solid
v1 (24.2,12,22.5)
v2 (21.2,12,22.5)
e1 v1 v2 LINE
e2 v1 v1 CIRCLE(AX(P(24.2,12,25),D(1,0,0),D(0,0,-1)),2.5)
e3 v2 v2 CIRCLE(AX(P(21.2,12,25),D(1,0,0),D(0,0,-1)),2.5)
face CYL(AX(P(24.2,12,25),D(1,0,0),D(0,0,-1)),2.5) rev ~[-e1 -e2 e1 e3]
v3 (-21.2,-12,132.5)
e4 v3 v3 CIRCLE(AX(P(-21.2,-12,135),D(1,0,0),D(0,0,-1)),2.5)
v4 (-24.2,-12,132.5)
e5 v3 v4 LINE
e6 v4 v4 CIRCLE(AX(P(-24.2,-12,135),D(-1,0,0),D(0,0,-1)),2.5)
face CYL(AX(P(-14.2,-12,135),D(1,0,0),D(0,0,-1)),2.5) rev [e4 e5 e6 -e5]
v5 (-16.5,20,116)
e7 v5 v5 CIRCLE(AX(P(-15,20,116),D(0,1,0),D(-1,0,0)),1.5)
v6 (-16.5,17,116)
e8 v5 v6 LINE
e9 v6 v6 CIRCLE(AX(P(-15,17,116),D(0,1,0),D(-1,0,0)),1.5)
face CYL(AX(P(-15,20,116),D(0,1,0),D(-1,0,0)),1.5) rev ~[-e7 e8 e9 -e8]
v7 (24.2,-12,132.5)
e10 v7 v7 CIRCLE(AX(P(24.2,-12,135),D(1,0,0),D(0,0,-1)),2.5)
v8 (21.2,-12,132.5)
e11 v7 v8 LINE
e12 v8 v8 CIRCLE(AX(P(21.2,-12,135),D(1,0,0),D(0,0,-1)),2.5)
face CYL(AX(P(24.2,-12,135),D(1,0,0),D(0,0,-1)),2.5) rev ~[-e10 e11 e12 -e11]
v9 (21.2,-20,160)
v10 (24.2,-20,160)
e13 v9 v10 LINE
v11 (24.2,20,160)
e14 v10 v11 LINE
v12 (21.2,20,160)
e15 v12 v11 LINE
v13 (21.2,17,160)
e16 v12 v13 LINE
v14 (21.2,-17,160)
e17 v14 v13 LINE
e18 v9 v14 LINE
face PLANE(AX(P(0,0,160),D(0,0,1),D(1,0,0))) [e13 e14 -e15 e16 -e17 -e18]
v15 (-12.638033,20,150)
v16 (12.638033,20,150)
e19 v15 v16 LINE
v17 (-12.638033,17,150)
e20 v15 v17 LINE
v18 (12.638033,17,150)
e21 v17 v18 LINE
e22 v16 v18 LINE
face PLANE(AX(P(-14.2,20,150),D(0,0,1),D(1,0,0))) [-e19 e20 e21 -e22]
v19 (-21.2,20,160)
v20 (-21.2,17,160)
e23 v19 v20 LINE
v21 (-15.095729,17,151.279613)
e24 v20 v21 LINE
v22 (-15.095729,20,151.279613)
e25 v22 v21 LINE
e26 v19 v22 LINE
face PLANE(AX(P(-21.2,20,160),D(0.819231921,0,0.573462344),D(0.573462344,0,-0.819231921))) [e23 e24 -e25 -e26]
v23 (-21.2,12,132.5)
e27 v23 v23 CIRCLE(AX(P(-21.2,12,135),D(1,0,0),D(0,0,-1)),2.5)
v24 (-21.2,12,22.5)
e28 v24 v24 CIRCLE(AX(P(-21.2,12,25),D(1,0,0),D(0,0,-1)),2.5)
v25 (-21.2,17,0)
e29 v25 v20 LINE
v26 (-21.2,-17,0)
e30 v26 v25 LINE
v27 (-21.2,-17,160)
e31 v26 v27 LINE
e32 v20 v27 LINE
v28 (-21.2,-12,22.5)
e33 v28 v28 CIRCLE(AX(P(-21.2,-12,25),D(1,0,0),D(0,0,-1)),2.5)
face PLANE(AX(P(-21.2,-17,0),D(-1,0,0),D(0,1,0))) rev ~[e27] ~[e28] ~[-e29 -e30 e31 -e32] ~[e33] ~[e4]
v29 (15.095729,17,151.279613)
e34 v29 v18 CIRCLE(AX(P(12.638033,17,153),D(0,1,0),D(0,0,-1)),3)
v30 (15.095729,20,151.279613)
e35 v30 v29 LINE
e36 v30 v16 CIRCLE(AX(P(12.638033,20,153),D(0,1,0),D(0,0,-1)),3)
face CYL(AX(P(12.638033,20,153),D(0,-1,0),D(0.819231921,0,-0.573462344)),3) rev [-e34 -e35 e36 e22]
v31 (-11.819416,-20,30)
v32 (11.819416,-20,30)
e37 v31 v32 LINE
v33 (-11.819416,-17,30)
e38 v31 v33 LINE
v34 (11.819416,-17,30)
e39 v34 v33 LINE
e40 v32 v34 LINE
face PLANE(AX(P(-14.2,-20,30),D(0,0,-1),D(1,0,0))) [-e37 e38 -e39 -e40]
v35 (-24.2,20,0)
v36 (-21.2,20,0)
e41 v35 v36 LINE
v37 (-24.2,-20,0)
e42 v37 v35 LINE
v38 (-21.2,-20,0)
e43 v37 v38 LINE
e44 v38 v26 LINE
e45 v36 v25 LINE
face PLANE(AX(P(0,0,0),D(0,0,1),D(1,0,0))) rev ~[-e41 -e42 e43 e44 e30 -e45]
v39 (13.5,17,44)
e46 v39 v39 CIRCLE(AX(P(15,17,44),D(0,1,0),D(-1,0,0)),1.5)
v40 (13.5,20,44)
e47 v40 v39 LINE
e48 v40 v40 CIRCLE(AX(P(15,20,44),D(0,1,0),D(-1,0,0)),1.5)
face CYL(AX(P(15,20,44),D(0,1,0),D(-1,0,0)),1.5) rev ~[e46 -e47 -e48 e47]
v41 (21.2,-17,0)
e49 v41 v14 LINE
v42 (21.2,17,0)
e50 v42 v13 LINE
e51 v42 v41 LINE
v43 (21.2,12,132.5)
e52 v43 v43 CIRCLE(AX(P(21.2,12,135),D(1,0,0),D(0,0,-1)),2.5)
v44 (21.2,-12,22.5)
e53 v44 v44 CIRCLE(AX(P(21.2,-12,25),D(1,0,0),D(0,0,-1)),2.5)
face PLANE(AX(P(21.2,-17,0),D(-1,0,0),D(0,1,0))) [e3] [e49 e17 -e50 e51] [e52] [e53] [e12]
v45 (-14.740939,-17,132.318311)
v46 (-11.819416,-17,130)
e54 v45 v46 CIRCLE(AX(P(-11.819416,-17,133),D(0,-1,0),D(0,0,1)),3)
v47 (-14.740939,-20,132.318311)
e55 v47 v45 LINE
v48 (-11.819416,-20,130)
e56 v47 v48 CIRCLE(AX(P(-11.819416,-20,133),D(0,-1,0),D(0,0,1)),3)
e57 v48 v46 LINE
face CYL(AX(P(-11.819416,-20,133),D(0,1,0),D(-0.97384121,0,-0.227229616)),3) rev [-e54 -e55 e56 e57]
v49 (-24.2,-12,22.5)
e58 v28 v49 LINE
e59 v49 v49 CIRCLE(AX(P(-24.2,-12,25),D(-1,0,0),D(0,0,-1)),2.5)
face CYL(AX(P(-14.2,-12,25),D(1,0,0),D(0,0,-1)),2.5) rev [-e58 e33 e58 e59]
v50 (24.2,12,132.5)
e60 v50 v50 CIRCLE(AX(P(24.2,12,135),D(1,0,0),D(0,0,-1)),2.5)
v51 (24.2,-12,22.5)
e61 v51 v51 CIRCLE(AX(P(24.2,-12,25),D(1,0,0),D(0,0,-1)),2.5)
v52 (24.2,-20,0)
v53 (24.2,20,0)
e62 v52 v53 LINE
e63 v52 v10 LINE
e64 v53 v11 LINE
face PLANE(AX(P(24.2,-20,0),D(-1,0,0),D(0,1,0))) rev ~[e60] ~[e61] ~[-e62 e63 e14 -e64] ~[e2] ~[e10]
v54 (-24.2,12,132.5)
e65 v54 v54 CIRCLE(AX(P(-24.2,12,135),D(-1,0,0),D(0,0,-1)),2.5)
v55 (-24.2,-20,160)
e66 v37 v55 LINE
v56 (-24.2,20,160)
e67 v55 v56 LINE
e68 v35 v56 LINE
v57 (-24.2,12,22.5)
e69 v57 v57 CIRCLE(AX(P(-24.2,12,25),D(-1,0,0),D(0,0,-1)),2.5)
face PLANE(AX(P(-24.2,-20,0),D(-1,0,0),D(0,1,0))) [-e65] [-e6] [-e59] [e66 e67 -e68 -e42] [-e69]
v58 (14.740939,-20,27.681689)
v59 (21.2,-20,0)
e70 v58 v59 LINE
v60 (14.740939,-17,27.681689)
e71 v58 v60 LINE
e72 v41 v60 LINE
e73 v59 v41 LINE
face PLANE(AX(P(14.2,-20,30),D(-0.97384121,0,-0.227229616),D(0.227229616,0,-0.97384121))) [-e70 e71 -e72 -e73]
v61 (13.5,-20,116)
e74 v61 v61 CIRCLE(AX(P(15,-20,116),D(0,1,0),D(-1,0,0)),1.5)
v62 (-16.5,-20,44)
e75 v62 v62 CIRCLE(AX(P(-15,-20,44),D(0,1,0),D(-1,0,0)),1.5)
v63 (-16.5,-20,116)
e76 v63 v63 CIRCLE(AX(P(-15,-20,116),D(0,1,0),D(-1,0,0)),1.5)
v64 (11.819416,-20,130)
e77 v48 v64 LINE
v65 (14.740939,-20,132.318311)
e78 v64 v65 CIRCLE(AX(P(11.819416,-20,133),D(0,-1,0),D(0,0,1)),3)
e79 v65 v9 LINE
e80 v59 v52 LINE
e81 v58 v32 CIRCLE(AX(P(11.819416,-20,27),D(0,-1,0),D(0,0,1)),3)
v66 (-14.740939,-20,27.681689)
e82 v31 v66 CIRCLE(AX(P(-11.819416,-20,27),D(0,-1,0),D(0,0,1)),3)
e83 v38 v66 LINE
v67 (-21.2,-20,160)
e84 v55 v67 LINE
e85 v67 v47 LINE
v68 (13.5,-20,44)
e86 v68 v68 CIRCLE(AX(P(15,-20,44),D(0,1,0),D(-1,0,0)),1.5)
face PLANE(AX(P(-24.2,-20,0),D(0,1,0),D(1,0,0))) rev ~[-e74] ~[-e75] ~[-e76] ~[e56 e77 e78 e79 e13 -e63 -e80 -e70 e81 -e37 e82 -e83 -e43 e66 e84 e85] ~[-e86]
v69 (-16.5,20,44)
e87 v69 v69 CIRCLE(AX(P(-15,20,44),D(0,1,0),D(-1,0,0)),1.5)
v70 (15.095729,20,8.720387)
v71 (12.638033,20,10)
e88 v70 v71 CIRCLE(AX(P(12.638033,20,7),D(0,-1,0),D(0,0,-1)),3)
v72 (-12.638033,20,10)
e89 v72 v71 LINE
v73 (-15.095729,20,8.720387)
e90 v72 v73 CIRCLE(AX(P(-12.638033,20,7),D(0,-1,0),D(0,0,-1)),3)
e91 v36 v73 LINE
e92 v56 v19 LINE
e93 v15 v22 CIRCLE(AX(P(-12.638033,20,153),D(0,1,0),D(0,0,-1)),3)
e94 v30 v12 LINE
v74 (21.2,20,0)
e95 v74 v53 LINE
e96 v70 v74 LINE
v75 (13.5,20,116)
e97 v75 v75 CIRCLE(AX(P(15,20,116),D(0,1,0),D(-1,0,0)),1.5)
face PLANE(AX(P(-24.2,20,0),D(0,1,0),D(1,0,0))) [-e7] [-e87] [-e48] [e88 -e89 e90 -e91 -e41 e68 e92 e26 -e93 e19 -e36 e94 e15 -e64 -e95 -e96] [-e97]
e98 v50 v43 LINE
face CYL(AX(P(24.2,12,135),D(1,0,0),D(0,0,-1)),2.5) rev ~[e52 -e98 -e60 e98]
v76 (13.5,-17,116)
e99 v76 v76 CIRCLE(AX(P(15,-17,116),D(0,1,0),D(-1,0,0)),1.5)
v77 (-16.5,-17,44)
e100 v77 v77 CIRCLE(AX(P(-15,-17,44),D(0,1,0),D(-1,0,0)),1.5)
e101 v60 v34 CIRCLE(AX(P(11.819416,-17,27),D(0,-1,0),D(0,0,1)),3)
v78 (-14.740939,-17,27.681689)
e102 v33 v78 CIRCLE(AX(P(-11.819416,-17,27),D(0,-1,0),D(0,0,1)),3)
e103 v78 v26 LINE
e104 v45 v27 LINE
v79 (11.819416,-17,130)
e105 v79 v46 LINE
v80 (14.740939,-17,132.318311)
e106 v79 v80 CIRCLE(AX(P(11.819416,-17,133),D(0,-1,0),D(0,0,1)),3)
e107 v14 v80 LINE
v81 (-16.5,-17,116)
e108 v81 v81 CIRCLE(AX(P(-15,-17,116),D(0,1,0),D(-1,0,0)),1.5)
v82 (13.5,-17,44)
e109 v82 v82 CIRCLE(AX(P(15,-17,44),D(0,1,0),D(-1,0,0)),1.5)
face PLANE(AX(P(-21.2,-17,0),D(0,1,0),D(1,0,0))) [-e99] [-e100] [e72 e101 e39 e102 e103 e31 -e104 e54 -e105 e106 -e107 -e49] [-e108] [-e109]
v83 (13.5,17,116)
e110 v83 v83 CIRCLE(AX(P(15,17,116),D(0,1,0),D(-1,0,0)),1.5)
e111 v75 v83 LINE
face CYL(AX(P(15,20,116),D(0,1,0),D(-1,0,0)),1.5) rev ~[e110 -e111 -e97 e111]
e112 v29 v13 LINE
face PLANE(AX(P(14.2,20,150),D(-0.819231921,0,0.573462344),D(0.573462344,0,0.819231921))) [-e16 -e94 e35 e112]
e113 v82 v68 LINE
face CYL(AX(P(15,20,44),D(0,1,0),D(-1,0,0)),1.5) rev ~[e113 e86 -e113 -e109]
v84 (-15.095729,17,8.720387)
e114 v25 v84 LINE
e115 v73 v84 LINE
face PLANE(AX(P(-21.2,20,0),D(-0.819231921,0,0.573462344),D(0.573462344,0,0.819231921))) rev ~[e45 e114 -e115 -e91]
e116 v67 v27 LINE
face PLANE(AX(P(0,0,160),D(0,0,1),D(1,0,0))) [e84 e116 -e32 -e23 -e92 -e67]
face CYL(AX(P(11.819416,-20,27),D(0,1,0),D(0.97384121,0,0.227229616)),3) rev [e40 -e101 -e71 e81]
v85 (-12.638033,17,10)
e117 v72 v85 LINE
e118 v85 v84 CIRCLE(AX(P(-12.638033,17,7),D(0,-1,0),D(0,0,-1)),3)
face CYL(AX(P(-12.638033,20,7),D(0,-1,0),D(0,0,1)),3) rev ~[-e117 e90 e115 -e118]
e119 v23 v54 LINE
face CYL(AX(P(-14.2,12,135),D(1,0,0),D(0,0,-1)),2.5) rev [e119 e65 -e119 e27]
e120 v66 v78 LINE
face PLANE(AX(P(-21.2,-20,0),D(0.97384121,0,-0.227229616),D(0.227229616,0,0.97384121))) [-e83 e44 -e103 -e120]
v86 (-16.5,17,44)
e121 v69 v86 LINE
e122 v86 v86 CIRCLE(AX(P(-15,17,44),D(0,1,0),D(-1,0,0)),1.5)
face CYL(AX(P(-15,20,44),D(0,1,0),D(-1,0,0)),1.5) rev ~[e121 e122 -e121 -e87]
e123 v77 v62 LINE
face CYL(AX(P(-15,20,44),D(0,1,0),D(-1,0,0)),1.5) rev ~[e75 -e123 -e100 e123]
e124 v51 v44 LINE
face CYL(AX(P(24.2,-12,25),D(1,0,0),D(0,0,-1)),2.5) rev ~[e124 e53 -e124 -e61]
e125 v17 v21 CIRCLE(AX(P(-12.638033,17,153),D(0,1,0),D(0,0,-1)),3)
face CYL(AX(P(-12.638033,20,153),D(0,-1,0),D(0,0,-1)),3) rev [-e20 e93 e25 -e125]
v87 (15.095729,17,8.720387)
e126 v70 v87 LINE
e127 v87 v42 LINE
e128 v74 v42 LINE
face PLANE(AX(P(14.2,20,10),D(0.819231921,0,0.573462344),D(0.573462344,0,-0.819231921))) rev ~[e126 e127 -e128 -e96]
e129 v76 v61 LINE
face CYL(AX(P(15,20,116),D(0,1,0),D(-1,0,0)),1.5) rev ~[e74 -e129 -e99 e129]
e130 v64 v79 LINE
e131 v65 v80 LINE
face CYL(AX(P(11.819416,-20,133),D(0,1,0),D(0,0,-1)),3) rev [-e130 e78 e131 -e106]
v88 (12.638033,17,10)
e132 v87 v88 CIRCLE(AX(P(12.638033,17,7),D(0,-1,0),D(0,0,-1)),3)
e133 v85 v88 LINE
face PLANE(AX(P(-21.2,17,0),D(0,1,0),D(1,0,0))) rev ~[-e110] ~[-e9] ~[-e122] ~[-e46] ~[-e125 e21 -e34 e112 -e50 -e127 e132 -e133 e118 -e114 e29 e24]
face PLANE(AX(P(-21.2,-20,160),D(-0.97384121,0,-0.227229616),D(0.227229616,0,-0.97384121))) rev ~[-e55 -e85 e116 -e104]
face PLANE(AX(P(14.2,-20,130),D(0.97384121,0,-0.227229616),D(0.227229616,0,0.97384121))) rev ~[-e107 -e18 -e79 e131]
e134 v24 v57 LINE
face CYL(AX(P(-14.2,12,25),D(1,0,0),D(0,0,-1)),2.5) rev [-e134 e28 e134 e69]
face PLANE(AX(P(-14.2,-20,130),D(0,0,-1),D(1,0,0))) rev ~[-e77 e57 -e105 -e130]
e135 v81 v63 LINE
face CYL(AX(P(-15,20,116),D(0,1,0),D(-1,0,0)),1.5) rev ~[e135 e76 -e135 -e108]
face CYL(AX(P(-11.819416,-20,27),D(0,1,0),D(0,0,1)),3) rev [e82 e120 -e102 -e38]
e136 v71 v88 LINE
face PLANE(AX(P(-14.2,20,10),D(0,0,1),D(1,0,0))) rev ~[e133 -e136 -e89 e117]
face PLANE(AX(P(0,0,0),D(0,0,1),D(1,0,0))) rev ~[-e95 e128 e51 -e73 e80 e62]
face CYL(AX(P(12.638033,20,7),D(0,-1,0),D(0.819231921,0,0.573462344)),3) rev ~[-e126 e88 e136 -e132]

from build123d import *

# Parameters (mm, degrees)
SKETCH_1_W          = 48.4
SKETCH_1_H          = 40
SKETCH_1_W_2        = 42.4
SKETCH_1_H_2        = 34
EXTRUDE_1_DEPTH     = 160
SKETCH_2_R          = 2.5
CUT_EXTRUDE_1_DEPTH = 18
CUT_EXTRUDE_START   = -10
SKETCH_4_R          = 2.5
CUT_EXTRUDE_3_DEPTH = 10
SKETCH_8_R          = 1.5
CUT_EXTRUDE_6_DEPTH = 50
CUT_EXTRUDE_7_DEPTH = 10
FILLET_1_R          = 3
CUT_EXTRUDE_8_DEPTH = 10
FILLET_2_R          = 3


with BuildPart() as part:
    # 草图1 → 凸台-拉伸1 (new body)
    with BuildSketch(Plane.XY):
        Rectangle(SKETCH_1_W, SKETCH_1_H)
        Rectangle(SKETCH_1_W_2, SKETCH_1_H_2, mode=Mode.SUBTRACT)
    extrude(amount=EXTRUDE_1_DEPTH)

    # 草图2 → 切除-拉伸1 (cut)
    with BuildSketch(Plane(origin=(24.2, 0, 0), x_dir=(0, 0, -1), z_dir=(1, 0, 0))):
        with Locations((-135, 12)):
            Circle(SKETCH_2_R)
        with Locations((-135, -12)):
            Circle(SKETCH_2_R)
        with Locations((-25, 12)):
            Circle(SKETCH_2_R)
        with Locations((-25, -12)):
            Circle(SKETCH_2_R)
    extrude(amount=-CUT_EXTRUDE_1_DEPTH, mode=Mode.SUBTRACT)

    # 草图4 → 切除-拉伸3 (cut)
    with BuildSketch(Plane.ZY.offset(24.2).offset(CUT_EXTRUDE_START)):
        with Locations(Location((25, 12, 0), (0, 0, 180))):
            Circle(SKETCH_4_R)
        with Locations(Location((25, -12, 0), (0, 0, 180))):
            Circle(SKETCH_4_R)
        with Locations(Location((135, 12, 0), (0, 0, 180))):
            Circle(SKETCH_4_R)
        with Locations(Location((135, -12, 0), (0, 0, 180))):
            Circle(SKETCH_4_R)
    extrude(amount=CUT_EXTRUDE_3_DEPTH, mode=Mode.SUBTRACT)

    # 草图8 → 切除-拉伸6 (cut)
    with BuildSketch(Plane(origin=(0, 20, 0), x_dir=(1, 0, 0), z_dir=(0, 1, 0))):
        with Locations(Location((-15, -44, 0), (0, 0, 180))):
            Circle(SKETCH_8_R)
        with Locations(Location((15, -44, 0), (0, 0, 180))):
            Circle(SKETCH_8_R)
        with Locations(Location((-15, -116, 0), (0, 0, 180))):
            Circle(SKETCH_8_R)
        with Locations(Location((15, -116, 0), (0, 0, 180))):
            Circle(SKETCH_8_R)
    extrude(amount=-CUT_EXTRUDE_6_DEPTH, mode=Mode.SUBTRACT)

    # 草图9 → 切除-拉伸7 (cut)
    with BuildSketch(Plane.XZ.offset(20)):
        Polygon((-21.2, 160), (-14.2, 130), (14.2, 130), (21.2, 160), align=None)
        Polygon((21.2, 0), (-21.2, 0), (-14.2, 30), (14.2, 30), align=None)
    extrude(amount=-CUT_EXTRUDE_7_DEPTH, mode=Mode.SUBTRACT)

    # 圆角1
    fillet_1_edges = [part.edges().sort_by_distance(p)[0] for p in [
        (14.2, -18.5, 130),
        (-14.2, -18.5, 130),
        (-14.2, -18.5, 30),
        (14.2, -18.5, 30),
    ]]
    fillet(fillet_1_edges, radius=FILLET_1_R)

    # 草图10 → 切除-拉伸8 (cut)
    with BuildSketch(Plane(origin=(0, 20, 0), x_dir=(1, 0, 0), z_dir=(0, 1, 0))):
        Polygon((-21.2, 0), (-14.2, -10), (14.2, -10), (21.2, 0), align=None)
        Polygon((21.2, -160), (-21.2, -160), (-14.2, -150), (14.2, -150), align=None)
    extrude(amount=-CUT_EXTRUDE_8_DEPTH, mode=Mode.SUBTRACT)

    # 圆角2
    fillet_2_edges = [part.edges().sort_by_distance(p)[0] for p in [
        (14.2, 18.5, 10),
        (-14.2, 18.5, 10),
        (14.2, 18.5, 150),
        (-14.2, 18.5, 150),
    ]]
    fillet(fillet_2_edges, radius=FILLET_2_R)


solid = part.part
